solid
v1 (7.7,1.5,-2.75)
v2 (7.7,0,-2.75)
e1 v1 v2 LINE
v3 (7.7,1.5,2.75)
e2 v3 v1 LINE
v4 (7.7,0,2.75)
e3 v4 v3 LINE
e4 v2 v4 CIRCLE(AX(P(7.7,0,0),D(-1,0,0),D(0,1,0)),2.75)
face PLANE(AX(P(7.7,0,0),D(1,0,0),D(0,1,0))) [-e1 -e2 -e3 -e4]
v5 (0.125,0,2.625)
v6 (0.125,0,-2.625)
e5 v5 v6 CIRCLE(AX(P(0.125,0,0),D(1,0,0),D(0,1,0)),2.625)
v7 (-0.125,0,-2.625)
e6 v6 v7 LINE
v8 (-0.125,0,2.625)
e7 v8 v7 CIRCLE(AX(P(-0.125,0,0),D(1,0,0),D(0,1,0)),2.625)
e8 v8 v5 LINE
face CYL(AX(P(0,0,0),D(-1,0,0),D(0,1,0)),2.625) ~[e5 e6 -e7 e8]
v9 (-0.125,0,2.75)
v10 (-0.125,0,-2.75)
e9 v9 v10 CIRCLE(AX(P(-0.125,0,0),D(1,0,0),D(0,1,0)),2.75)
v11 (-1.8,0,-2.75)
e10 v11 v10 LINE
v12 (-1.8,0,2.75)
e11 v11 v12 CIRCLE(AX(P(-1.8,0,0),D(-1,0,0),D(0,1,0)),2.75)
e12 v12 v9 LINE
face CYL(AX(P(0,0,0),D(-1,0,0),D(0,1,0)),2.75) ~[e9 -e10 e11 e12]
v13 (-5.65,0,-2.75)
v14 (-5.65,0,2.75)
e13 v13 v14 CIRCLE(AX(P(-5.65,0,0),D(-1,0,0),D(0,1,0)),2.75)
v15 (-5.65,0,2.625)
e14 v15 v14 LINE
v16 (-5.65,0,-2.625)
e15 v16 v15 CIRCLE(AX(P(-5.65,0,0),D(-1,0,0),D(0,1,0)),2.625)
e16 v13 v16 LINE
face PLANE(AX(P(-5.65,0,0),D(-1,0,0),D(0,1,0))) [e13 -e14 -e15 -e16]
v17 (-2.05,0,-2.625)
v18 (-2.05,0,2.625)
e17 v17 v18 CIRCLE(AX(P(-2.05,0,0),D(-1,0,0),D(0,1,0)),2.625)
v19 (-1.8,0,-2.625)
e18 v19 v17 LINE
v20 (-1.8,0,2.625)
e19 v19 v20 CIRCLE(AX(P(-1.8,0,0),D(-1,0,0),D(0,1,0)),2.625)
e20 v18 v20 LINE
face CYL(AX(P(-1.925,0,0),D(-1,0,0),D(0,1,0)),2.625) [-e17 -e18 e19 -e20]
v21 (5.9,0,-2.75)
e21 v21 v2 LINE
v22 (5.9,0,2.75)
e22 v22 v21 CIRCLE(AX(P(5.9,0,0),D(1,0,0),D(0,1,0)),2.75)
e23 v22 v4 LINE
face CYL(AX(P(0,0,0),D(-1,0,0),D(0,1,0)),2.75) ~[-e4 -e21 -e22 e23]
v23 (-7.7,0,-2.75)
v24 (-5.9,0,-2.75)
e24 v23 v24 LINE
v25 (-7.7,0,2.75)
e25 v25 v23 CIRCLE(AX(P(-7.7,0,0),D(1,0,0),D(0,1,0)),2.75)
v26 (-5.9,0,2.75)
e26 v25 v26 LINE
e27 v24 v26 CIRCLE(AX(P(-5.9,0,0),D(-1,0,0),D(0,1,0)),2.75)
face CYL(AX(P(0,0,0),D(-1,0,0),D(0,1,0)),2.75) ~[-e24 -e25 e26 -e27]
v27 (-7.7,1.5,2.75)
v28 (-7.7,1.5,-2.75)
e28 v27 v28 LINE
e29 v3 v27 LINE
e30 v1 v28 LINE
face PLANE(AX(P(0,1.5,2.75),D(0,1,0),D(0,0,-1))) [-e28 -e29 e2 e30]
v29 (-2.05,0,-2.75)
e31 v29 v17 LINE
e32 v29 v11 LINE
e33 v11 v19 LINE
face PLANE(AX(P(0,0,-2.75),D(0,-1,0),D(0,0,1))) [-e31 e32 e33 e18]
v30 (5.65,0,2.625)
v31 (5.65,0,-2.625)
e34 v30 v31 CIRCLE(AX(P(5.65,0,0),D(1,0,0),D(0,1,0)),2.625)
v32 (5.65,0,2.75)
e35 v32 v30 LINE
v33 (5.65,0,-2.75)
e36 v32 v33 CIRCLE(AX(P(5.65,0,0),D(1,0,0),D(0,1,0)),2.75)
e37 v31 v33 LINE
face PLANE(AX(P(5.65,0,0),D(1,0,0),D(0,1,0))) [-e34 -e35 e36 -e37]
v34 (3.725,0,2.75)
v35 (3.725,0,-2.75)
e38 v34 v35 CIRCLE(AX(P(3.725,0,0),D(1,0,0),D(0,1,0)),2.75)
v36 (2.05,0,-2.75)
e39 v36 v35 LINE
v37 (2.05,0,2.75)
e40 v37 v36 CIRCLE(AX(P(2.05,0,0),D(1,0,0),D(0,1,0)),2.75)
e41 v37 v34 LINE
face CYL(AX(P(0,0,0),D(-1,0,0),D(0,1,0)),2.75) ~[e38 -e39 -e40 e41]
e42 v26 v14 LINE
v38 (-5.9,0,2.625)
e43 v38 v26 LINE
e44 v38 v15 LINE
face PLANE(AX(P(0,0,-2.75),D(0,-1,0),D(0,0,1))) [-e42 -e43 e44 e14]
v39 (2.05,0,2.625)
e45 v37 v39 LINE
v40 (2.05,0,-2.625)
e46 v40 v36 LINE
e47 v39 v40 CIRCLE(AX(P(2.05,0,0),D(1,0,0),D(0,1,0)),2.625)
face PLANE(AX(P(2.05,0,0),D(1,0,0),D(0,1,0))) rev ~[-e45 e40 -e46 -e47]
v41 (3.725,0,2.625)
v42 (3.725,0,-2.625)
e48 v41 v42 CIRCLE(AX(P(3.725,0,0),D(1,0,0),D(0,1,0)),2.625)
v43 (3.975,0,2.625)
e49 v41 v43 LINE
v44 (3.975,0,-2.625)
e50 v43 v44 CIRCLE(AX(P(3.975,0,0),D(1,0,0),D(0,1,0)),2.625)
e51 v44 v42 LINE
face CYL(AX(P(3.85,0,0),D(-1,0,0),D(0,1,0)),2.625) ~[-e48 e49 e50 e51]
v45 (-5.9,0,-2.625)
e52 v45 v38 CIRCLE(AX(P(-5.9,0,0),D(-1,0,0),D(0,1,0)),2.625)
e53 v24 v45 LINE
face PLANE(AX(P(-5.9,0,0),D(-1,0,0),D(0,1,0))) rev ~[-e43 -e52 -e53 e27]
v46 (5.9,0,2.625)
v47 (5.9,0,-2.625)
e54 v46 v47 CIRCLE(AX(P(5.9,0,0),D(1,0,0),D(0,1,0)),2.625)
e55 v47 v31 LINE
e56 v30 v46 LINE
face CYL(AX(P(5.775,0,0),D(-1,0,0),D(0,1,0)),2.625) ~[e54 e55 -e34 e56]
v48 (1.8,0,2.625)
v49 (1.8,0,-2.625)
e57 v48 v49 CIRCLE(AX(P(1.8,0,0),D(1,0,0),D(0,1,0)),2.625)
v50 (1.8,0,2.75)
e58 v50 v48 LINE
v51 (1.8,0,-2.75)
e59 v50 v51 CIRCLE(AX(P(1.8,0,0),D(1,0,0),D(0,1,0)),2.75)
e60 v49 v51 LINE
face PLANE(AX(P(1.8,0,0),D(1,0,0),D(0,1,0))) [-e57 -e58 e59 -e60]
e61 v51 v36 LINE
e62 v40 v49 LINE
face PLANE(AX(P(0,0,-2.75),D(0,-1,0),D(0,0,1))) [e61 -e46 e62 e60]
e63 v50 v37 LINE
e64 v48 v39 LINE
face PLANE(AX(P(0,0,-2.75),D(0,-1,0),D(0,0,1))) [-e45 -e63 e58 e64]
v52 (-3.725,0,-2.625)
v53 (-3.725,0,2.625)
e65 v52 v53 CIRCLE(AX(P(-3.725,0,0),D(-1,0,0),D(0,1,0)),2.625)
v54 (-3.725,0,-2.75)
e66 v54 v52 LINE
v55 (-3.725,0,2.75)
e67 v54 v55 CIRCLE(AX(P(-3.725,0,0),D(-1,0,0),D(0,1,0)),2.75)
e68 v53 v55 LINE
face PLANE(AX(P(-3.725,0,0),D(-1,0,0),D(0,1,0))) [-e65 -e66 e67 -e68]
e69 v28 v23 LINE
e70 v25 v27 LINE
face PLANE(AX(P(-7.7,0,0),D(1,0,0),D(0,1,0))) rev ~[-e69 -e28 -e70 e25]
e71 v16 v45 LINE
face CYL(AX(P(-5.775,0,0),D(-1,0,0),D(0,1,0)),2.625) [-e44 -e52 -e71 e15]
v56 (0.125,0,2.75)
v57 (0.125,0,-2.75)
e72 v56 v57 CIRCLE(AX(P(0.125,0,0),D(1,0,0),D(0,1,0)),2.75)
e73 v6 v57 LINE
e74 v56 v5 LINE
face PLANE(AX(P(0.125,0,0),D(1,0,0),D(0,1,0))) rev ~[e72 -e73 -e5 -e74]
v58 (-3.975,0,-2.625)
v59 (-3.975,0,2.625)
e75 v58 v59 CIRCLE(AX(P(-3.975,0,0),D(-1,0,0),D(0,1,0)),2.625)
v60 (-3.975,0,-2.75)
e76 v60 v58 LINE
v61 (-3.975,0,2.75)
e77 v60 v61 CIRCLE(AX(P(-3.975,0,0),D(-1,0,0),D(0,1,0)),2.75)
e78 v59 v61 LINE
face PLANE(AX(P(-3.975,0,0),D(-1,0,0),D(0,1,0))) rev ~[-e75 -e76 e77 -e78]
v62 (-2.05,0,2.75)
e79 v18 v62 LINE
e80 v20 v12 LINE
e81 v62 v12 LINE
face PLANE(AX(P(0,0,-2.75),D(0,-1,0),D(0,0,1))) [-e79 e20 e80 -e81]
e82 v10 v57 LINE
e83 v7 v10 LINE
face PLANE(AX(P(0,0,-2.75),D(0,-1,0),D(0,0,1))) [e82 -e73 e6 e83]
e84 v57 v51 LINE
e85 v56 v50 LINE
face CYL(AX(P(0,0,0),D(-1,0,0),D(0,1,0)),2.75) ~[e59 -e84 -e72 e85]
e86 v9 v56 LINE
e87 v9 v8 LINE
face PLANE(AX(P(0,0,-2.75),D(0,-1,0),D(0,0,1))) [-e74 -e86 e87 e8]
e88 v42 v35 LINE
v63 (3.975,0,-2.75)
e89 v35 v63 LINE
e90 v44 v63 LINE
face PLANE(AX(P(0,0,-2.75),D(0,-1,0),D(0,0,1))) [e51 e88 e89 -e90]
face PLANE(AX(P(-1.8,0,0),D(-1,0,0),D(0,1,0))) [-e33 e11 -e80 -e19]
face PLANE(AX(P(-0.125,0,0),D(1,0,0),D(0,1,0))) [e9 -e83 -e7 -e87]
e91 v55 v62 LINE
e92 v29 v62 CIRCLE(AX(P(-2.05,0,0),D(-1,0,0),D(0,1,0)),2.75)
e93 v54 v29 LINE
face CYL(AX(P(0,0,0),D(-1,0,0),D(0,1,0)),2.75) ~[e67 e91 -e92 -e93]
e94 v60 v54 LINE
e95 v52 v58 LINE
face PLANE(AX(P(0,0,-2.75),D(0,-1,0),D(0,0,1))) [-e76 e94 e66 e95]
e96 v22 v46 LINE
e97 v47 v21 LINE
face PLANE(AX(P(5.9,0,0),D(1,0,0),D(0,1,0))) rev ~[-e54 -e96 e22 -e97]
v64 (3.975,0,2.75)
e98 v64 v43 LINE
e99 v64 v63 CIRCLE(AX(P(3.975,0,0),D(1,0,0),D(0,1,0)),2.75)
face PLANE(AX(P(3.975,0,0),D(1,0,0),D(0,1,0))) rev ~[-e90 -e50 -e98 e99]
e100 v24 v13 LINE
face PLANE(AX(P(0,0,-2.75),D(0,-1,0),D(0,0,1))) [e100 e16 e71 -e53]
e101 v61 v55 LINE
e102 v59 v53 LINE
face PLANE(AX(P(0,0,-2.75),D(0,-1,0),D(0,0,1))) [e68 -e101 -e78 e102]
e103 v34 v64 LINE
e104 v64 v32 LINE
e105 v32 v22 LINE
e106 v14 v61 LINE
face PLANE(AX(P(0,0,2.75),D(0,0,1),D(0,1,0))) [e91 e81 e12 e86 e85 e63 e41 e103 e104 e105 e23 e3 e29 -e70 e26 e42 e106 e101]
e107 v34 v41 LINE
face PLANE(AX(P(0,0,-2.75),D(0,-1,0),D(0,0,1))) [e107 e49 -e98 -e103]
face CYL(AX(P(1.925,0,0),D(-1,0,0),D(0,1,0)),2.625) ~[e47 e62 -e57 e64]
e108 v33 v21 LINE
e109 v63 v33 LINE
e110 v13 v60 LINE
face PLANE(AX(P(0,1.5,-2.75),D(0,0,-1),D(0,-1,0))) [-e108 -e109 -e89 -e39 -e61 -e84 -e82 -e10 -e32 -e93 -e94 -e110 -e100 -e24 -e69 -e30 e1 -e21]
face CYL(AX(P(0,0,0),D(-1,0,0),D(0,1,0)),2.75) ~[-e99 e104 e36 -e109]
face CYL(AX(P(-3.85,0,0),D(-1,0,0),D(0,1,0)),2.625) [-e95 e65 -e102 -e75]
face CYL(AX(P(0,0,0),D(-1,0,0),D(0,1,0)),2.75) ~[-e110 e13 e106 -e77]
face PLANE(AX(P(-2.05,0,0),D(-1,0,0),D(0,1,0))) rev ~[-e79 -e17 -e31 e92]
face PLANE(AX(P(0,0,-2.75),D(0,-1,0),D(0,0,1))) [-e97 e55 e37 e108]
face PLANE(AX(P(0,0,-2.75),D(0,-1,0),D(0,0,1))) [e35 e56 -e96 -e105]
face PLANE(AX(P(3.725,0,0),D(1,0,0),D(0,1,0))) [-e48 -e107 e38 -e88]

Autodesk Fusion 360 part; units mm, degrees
sketch "Sketch1" plane through (0, 0, 0) normal (1, 0, 0) x (0, 1, 0)
  circle A0 centre (0, 0) radius 2.75
  line L0 (0, 0) -> (0, 2.75) construction
  line L1 (0, 0) -> (0, -2.75) construction
  line L2 (0, 2.75) -> (1.5, 2.75)
  line L3 (1.5, 2.75) -> (1.5, -2.75)
  line L4 (1.5, -2.75) -> (0, -2.75)
  line L5 (0, -2.75) -> (0, 2.75)
  dimension "d1" = 5.5
  dimension "d42" = 1.5
extrude "Extrude1" add sketch "Sketch1" along normal mid plane 15.4 contours A0 L5 | A0 L3 L5 | A0 L3
ref_plane "WorkPlane1" through (-7.5, 0, 0) normal (-1, 0, 0) x (0, -1, 0)
ref_plane "WorkPlane2" through (0, 0, 0) normal (1, 0, 0) x (0, 1, 0)
ref_plane "WorkPlane3" through (3.85, 0, 0) normal (1, 0, 0) x (0, 1, 0)
ref_plane "WorkPlane4" through (5.775, 0, 0) normal (1, 0, 0) x (0, 1, 0)
ref_plane "WorkPlane5" through (1.925, 0, 0) normal (1, 0, 0) x (0, 1, 0)
ref_plane "WorkPlane6" through (-3.85, 0, 0) normal (-1, 0, 0) x (0, -1, 0)
ref_plane "WorkPlane7" through (-5.775, 0, 0) normal (-1, 0, 0) x (0, -1, 0)
ref_plane "WorkPlane8" through (-1.925, 0, 0) normal (-1, 0, 0) x (0, -1, 0)
sketch "Sketch3" plane through (0, 0, 0) normal (1, 0, 0) x (0, 1, 0)
  circle A0 centre (0, 0) radius 2.75
  circle A1 centre (0, 0) radius 2.625
  dimension "d12" = 5.5
  dimension "d13" = 5.25
extrude "Extrude2" cut sketch "Sketch3" along normal mid plane 0.25
sketch "Sketch4" plane through (-7.5, 0, 0) normal (-1, 0, 0) x (0, 1, 0)
  circle A0 centre (0, 0) radius 2.75
  circle A1 centre (0, 0) radius 2.625
  dimension "d16" = 5.5
  dimension "d17" = 5.25
sketch "Sketch5" plane through (-1.925, 0, 0) normal (-1, 0, 0) x (0, 1, 0)
  circle A0 centre (0, 0) radius 2.75
  circle A1 centre (0, 0) radius 2.625
  dimension "d18" = 5.5
  dimension "d19" = 5.25
extrude "Extrude3" cut sketch "Sketch5" along normal mid plane 0.25
sketch "Sketch6" plane through (-3.85, 0, 0) normal (-1, 0, 0) x (0, 1, 0)
  circle A0 centre (0, 0) radius 2.75
  circle A1 centre (0, 0) radius 2.625
  dimension "d22" = 5.5
  dimension "d23" = 5.25
extrude "Extrude4" cut sketch "Sketch6" along normal mid plane 0.25
sketch "Sketch7" plane through (-5.775, 0, 0) normal (-1, 0, 0) x (0, 1, 0)
  circle A0 centre (0, 0) radius 2.75
  circle A1 centre (0, 0) radius 2.625
  dimension "d26" = 5.5
  dimension "d27" = 5.25
extrude "Extrude5" cut sketch "Sketch7" along normal mid plane 0.25
sketch "Sketch8" plane through (1.925, 0, 0) normal (1, 0, 0) x (0, 1, 0)
  circle A0 centre (0, 0) radius 2.75
  circle A1 centre (0, 0) radius 2.625
  dimension "d30" = 5.5
  dimension "d31" = 5.25
extrude "Extrude6" cut sketch "Sketch8" along normal mid plane 0.25
sketch "Sketch9" plane through (3.85, 0, 0) normal (1, 0, 0) x (0, 1, 0)
  circle A0 centre (0, 0) radius 2.75
  circle A1 centre (0, 0) radius 2.625
  dimension "d34" = 5.5
  dimension "d35" = 5.25
extrude "Extrude7" cut sketch "Sketch9" along normal mid plane 0.25
sketch "Sketch10" plane through (5.775, 0, 0) normal (1, 0, 0) x (0, 1, 0)
  circle A0 centre (0, 0) radius 2.75
  circle A1 centre (0, 0) radius 2.625
  dimension "d38" = 5.5
  dimension "d39" = 5.25
extrude "Extrude8" cut sketch "Sketch10" along normal mid plane 0.25
extrude "Extrude9" add sketch "Sketch1" along normal mid plane 15.4 contours A0 L2 L3 | A0 L3 L5 | A0 L3 L4
extrude "Extrude10" cut sketch "Sketch1" along normal mid plane 20 contours A0 L3
